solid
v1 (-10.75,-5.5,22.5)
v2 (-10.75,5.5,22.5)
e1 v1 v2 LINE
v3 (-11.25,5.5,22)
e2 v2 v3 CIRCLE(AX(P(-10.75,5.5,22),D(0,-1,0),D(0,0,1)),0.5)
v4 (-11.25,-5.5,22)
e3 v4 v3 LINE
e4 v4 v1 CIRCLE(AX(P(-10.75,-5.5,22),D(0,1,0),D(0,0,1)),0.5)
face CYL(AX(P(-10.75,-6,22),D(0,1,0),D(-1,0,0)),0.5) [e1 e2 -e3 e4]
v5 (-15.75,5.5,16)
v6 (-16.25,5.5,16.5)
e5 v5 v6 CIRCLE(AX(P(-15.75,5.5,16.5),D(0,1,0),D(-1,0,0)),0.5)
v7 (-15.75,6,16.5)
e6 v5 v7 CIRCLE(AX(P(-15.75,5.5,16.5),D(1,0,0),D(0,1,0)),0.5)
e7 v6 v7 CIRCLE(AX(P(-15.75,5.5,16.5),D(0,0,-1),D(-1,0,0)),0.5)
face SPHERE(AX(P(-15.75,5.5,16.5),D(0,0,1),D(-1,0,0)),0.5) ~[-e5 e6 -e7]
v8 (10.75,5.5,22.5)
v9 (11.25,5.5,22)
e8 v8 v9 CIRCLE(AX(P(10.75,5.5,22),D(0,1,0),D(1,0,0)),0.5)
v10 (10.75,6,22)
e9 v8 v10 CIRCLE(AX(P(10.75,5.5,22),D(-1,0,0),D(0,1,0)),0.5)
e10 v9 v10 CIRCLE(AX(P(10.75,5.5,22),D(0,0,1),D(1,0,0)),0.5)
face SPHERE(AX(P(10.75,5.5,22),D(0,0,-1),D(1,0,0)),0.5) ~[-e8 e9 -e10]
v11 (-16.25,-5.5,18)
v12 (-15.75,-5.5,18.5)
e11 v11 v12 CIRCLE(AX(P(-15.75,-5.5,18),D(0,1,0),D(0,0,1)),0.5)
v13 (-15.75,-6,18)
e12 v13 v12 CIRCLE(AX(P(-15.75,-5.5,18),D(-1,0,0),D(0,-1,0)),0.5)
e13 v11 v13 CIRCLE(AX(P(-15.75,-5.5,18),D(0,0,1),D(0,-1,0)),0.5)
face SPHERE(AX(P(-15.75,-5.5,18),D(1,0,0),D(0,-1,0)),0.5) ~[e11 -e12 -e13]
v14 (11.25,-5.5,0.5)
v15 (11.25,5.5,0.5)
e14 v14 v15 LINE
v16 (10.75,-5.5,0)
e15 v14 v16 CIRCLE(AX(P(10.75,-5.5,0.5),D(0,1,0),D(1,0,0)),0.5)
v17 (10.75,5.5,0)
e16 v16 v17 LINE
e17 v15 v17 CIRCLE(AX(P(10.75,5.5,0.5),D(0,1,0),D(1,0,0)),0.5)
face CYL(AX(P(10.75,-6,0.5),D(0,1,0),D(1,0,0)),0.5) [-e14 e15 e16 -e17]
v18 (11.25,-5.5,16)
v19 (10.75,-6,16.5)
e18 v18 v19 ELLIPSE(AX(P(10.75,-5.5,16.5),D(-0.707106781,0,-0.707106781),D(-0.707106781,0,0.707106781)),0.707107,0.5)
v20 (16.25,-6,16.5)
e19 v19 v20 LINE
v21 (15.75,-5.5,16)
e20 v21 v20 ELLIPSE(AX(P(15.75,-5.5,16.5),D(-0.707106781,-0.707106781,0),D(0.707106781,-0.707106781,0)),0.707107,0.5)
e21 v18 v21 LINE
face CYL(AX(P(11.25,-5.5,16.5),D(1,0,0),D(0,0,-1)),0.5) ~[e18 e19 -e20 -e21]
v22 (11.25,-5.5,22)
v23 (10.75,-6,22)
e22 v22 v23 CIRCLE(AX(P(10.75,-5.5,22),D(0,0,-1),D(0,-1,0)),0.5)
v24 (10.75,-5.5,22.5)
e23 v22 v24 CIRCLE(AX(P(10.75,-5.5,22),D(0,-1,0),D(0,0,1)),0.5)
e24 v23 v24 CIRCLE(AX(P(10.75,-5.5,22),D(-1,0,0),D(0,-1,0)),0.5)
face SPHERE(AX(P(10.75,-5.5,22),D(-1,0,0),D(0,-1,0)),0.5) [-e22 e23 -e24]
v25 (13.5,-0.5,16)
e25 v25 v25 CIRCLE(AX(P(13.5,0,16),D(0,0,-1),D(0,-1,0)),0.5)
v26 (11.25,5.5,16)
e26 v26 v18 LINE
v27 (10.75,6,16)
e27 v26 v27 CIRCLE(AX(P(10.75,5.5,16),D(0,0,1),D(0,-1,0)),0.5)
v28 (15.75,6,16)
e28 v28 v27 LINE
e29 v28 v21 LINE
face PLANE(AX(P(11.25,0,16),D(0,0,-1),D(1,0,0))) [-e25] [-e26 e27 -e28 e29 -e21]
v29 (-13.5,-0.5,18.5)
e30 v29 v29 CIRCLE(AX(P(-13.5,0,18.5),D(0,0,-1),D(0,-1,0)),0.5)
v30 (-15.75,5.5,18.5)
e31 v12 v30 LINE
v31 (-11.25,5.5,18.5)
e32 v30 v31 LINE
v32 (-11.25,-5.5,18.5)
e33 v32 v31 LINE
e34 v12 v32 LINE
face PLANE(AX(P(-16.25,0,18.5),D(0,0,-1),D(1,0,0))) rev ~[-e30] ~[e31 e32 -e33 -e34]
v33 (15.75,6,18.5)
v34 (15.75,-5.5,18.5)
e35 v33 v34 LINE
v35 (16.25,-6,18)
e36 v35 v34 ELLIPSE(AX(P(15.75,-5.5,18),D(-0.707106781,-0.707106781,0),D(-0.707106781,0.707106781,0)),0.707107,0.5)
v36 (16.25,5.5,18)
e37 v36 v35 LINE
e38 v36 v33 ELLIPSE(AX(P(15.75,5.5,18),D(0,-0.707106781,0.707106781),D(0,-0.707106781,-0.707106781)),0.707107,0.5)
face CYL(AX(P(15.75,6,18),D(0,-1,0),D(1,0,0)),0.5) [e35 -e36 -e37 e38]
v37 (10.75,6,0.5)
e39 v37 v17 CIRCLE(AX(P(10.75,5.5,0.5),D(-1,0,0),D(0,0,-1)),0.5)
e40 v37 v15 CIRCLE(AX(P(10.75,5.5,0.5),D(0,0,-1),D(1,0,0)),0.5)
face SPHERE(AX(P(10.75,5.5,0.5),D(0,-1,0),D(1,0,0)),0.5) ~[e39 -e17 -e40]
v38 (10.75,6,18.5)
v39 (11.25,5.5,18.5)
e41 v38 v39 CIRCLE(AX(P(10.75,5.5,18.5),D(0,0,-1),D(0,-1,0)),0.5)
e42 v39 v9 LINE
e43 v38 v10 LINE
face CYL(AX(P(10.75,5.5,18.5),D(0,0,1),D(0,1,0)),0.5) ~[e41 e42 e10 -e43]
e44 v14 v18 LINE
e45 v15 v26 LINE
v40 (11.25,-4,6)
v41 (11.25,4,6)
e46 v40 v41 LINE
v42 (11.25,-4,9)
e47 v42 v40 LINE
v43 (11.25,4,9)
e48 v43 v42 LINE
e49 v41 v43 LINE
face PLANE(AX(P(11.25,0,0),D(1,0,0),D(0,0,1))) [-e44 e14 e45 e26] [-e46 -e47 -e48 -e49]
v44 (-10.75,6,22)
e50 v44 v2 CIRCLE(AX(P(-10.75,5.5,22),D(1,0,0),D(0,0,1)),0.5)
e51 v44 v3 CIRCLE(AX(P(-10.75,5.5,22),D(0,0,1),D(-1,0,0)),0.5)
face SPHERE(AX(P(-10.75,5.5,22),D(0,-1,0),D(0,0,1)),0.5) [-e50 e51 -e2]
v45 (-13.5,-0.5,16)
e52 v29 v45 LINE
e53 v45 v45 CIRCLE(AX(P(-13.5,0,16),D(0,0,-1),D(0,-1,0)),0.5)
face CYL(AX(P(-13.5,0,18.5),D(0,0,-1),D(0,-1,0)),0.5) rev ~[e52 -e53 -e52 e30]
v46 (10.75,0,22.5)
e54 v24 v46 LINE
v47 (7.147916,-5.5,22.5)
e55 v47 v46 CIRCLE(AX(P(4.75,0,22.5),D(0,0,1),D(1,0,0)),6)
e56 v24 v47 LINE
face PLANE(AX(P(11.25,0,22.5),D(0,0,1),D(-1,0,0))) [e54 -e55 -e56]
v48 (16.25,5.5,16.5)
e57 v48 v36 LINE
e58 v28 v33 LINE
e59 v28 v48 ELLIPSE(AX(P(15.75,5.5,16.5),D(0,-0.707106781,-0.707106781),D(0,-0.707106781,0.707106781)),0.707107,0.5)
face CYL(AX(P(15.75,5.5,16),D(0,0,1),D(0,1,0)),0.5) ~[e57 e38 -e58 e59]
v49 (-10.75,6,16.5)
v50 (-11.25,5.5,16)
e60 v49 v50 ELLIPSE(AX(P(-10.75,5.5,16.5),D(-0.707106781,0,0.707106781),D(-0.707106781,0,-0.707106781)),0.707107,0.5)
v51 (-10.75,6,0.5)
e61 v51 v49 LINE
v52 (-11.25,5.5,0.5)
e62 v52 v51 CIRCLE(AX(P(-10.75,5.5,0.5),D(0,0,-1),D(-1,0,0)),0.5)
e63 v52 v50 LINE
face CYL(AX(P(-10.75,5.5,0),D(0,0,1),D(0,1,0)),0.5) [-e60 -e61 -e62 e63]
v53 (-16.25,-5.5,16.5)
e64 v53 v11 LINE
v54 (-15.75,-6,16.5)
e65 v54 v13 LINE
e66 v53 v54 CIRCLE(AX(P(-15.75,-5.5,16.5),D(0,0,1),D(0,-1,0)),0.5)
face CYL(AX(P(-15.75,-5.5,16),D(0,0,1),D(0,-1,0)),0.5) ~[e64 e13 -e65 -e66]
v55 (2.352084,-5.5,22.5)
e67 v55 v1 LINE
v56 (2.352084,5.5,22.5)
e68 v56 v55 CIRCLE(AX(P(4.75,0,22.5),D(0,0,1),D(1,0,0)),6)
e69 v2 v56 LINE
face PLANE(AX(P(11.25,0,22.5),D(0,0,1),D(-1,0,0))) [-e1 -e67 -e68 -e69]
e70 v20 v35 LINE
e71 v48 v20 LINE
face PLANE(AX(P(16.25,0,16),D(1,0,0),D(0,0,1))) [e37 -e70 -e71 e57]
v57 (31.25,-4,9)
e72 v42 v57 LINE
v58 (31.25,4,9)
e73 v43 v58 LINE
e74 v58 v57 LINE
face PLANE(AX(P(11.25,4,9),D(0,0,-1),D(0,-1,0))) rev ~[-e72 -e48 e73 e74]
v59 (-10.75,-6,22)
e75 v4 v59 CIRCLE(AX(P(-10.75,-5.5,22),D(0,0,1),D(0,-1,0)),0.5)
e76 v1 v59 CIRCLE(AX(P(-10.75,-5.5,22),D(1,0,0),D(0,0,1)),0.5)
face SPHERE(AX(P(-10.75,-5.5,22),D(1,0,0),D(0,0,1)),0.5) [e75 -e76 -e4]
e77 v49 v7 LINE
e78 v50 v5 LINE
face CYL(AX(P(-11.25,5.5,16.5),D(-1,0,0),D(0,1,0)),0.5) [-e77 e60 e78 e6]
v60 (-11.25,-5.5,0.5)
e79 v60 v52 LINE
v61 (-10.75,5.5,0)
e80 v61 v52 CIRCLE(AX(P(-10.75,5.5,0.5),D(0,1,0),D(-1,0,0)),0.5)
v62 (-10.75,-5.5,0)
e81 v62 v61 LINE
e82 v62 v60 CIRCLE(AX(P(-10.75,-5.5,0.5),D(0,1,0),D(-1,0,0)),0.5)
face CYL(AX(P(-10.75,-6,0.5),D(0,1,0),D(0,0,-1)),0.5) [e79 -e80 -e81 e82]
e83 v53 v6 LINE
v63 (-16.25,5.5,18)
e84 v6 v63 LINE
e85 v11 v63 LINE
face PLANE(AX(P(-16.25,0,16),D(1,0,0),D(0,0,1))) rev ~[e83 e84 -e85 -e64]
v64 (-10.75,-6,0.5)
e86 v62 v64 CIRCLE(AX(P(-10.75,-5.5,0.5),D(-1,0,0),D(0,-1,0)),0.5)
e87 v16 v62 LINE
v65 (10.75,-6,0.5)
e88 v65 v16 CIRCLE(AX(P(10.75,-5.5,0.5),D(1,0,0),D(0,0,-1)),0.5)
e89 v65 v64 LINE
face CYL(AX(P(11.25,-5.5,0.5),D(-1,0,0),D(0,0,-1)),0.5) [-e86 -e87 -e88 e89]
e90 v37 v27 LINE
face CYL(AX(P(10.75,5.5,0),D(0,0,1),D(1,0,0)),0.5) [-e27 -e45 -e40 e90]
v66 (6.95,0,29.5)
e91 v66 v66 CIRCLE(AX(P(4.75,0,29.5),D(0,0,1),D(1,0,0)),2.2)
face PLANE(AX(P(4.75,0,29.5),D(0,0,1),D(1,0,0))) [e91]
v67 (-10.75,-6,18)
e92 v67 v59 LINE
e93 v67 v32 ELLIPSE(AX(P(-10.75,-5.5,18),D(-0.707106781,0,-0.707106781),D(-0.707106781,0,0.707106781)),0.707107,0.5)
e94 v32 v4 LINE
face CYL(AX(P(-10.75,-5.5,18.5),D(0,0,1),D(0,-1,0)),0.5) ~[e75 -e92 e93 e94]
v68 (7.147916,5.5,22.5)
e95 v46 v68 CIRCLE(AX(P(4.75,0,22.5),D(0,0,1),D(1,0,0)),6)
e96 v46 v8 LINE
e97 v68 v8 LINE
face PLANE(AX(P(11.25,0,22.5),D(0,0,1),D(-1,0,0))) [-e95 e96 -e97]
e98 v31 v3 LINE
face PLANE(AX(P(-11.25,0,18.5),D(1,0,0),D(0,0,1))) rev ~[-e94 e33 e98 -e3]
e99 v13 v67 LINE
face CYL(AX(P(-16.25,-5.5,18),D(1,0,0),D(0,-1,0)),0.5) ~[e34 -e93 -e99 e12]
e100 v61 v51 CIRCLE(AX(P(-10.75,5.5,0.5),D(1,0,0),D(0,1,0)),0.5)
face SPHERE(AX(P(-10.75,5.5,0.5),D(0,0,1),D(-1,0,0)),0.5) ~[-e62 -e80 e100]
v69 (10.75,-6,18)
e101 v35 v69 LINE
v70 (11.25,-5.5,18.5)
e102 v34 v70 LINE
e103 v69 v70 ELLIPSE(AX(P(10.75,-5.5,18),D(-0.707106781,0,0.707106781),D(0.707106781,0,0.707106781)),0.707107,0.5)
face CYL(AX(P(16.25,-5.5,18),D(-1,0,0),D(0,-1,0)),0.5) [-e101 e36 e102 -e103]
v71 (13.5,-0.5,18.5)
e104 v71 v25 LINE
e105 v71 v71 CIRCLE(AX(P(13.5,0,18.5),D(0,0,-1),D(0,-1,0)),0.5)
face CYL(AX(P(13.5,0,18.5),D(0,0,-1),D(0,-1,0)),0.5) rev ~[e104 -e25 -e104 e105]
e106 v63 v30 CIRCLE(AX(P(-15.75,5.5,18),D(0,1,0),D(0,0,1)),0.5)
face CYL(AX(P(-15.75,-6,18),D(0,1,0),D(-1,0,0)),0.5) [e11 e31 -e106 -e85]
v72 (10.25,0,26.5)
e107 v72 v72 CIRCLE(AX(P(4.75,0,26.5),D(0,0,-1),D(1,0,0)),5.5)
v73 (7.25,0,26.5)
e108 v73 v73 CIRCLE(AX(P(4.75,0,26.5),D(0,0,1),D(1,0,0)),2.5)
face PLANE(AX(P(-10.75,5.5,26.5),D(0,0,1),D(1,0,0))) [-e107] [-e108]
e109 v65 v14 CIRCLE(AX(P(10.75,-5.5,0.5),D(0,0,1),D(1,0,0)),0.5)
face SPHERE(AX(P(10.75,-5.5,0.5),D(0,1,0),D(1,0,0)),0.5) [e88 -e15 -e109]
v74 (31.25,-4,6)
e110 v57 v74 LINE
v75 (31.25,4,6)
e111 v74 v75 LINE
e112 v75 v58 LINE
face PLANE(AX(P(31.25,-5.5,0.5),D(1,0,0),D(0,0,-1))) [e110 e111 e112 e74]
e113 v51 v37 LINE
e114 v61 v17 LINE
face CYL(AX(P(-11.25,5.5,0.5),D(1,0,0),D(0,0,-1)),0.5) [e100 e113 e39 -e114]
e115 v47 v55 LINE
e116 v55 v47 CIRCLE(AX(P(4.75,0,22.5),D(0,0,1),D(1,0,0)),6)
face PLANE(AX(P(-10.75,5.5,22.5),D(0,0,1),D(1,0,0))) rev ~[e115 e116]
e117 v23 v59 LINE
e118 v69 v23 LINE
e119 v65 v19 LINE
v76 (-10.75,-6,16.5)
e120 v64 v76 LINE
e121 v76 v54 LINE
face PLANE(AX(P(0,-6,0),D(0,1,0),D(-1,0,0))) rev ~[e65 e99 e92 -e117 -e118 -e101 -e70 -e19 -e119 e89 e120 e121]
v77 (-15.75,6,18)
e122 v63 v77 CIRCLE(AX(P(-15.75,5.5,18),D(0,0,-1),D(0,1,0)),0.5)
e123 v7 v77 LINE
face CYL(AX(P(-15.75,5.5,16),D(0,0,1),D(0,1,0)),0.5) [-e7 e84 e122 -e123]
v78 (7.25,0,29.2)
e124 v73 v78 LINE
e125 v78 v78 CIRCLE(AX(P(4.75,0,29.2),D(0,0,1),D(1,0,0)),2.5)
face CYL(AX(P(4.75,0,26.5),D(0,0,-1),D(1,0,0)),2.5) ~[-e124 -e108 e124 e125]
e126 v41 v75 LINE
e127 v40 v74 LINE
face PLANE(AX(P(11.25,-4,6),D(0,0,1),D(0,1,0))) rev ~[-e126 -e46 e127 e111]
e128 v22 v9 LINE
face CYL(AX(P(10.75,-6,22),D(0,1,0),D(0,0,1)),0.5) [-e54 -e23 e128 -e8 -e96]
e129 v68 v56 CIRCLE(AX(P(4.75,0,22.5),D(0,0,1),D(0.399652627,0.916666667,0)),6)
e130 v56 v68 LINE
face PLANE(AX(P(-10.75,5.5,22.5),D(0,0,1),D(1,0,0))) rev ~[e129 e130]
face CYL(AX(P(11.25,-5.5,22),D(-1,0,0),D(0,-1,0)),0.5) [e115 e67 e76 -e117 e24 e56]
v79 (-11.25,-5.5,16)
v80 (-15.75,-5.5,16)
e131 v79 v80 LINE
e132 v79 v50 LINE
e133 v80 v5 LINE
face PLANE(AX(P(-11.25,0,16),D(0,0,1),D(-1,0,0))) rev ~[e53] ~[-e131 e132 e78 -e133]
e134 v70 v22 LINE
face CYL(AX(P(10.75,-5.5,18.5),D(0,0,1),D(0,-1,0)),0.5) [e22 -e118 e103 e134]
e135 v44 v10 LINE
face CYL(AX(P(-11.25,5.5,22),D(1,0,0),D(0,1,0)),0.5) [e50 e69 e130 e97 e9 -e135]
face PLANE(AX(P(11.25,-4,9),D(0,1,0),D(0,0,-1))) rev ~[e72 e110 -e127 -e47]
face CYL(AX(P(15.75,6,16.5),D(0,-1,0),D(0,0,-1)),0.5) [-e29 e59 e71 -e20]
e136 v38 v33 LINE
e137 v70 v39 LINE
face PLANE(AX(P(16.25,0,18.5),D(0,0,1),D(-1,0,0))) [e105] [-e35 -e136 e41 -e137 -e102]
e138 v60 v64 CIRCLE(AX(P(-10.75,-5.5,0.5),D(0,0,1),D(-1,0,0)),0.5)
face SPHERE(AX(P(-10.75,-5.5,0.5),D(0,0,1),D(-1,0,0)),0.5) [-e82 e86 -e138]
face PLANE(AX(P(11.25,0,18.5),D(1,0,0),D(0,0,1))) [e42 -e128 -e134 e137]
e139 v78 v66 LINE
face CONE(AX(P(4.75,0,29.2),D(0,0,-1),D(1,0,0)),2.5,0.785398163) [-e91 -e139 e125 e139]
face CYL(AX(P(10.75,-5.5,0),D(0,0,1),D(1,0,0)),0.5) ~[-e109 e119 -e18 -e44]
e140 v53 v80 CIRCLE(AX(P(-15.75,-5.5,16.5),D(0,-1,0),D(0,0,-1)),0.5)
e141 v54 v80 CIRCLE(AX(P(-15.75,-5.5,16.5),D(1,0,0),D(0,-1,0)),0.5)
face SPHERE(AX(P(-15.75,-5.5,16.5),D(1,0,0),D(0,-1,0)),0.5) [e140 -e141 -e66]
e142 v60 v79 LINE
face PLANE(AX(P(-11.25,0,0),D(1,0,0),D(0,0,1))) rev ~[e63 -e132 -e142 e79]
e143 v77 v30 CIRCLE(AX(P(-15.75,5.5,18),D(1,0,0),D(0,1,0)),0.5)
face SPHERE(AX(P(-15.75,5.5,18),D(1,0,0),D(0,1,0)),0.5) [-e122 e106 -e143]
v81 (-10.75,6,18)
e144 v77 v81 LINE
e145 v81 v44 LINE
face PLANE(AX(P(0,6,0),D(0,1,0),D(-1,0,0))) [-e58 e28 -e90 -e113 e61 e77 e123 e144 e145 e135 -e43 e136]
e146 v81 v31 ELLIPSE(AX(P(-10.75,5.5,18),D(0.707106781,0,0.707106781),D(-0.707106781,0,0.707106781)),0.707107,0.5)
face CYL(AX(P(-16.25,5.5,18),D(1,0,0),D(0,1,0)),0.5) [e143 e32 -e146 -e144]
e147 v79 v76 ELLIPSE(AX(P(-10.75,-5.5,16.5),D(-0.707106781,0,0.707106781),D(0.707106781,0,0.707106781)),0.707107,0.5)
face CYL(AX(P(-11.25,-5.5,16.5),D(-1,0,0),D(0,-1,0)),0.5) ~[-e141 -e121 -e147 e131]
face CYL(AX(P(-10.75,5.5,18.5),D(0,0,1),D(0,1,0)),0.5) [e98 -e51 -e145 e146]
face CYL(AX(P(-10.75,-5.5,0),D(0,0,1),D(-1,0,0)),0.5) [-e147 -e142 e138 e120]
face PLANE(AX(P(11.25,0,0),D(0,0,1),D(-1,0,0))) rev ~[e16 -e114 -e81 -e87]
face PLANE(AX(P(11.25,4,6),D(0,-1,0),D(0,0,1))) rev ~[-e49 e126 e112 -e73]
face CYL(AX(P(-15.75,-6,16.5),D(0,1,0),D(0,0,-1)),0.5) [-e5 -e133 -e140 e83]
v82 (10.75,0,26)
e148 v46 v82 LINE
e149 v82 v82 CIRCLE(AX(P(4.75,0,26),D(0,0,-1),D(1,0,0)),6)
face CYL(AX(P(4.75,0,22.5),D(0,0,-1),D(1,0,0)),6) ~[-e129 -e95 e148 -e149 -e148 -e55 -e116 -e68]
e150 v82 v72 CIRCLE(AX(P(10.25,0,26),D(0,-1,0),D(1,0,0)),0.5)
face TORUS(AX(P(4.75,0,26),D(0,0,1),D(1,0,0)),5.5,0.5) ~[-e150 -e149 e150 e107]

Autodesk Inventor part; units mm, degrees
ref_plane "YZ Plane" through (0, 0, 0) normal (1, 0, 0) x (0, 1, 0)
ref_plane "XZ Plane" through (0, 0, 0) normal (0, 1, 0) x (-1, 0, 0)
ref_plane "XY Plane" through (0, 0, 0) normal (0, 0, 1) x (1, 0, 0)
sketch "Skizze1" plane through (0, 0, 0) normal (0, 1, 0) x (-1, 0, 0)
  line L0 (-11.25, 0) -> (11.25, 0)
  line L1 (11.25, 0) -> (11.25, 16)
  line L2 (11.25, 16) -> (16.25, 16)
  line L3 (16.25, 16) -> (16.25, 18.5)
  line L4 (16.25, 18.5) -> (11.25, 18.5)
  line L5 (11.25, 18.5) -> (11.25, 22.5)
  line L6 (11.25, 22.5) -> (0, 22.5)
  line L7 (0, -4.5) -> (0, 27) projected
  line L8 (-11.25, 0) -> (-11.25, 16)
  line L9 (-11.25, 16) -> (-16.25, 16)
  line L10 (-16.25, 16) -> (-16.25, 18.5)
  line L11 (-16.25, 18.5) -> (-11.25, 18.5)
  line L12 (-11.25, 18.5) -> (-11.25, 22.5)
  line L13 (-11.25, 22.5) -> (0, 22.5)
  point P0 (0, 0)
  dimension "d0" = 22.5
  dimension "d1" = 16
  dimension "d2" = 5
  dimension "d3" = 2.5
  dimension "d4" = 4
  dimension "d5" = 0
extrude "Extrusion1" add sketch "Skizze1" along normal mid plane 12
fillet "Rundung1" radius 0.5 29 edges at (0, -6, 22.5) (11.25, 0, 0) (11.25, -6, 8) (11.25, -6, 20.5) (11.25, 6, 20.5) (-11.25, 0, 22.5) (11.25, 0, 22.5) (0, 6, 22.5) (-11.25, -6, 8) (-11.25, -6, 20.5) (-13.75, -6, 18.5) (-13.75, -6, 16) (-16.25, -6, 17.25) (13.75, -6, 18.5) (13.75, -6, 16) (16.25, 0, 16) (16.25, 0, 18.5) (16.25, 6, 17.25) (11.25, 6, 8) (-11.25, 6, 20.5) (-13.75, 6, 18.5) (-16.25, 6, 17.25) (-16.25, 0, 18.5) (-16.25, 0, 16) (-13.75, 6, 16) (-11.25, 6, 8) (-11.25, 0, 0) (0, 6, 0) (0, -6, 0)
sketch "Skizze2" plane through (-10.75, 5.5, 22.5) normal (0, 0, 1) x (1, 0, 0)
  circle A0 centre (15.5, -5.5) radius 6
  line L0 (21.5, 0) -> (21.5, -11) projected
  line L1 (21.5, 0.5) -> (0, 0.5) projected
  point P0 (10.75, -5.5)
  point P1 (21.5, -5.5)
  point P2 (21.5, -5.5)
  dimension "d9" = 6
extrude "Extrusion2" add sketch "Skizze2" along normal blind 4
sketch "Skizze3" plane through (4.75, 0, 26.5) normal (0, 0, 1) x (1, 0, 0)
  circle A0 centre (0, 0) radius 2.5
  arc A1 (2.3979, 5.5) -> (-2.3979, 5.5) centre (0, 0) ccw projected
  point P0 (0, 6)
  point P1 (6, 0)
  dimension "d14" = 5
extrude "Extrusion3" add sketch "Skizze3" along normal blind 3
fillet "Rundung2" radius 0.5 1 edges at (-1.25, 0, 26.5)
chamfer "Fasen1" distance 0.3 angle 45 1 edges at (2.25, 0, 29.5)
sketch "Skizze4" plane through (11.25, -5.5, 0.5) normal (1, 0, 0) x (0, 0, -1)
  line L0 (-8.5, 1.5) -> (-5.5, 1.5)
  line L1 (-5.5, 1.5) -> (-5.5, 9.5)
  line L2 (-5.5, 9.5) -> (-8.5, 9.5)
  line L3 (-8.5, 9.5) -> (-8.5, 1.5)
  line L4 (0.5, 0) -> (0.5, 11) projected
  point P0 (0.5, 5.5)
  point P1 (-5.5, 5.5)
  point P2 (0.5, 5.5)
  dimension "d21" = 8
  dimension "d22" = 3
  dimension "d23" = 6
extrude "Extrusion4" add sketch "Skizze4" along normal blind 20
sketch "Skizze5" plane through (10.75, 6, 18.5) normal (0, 0, 1) x (1, 0, 0)
  circle A0 centre (-6, -6) radius 2.2 projected
  line L0 (-26.5, -0.5) -> (-22, -0.5) projected
  point P0 (-10.75, -6)
  point P1 (2.75, -6)
  point P2 (-24.25, -6)
  point P3 (-24.25, -0.5)
  dimension "d26" = 27
hole "Bohrung1" at (13.5, 0, 18.5) at (-13.5, 0, 18.5) direction (0, 0, -1) diameter 1 depth 8 tip angle 118
properties part number "Motor"
